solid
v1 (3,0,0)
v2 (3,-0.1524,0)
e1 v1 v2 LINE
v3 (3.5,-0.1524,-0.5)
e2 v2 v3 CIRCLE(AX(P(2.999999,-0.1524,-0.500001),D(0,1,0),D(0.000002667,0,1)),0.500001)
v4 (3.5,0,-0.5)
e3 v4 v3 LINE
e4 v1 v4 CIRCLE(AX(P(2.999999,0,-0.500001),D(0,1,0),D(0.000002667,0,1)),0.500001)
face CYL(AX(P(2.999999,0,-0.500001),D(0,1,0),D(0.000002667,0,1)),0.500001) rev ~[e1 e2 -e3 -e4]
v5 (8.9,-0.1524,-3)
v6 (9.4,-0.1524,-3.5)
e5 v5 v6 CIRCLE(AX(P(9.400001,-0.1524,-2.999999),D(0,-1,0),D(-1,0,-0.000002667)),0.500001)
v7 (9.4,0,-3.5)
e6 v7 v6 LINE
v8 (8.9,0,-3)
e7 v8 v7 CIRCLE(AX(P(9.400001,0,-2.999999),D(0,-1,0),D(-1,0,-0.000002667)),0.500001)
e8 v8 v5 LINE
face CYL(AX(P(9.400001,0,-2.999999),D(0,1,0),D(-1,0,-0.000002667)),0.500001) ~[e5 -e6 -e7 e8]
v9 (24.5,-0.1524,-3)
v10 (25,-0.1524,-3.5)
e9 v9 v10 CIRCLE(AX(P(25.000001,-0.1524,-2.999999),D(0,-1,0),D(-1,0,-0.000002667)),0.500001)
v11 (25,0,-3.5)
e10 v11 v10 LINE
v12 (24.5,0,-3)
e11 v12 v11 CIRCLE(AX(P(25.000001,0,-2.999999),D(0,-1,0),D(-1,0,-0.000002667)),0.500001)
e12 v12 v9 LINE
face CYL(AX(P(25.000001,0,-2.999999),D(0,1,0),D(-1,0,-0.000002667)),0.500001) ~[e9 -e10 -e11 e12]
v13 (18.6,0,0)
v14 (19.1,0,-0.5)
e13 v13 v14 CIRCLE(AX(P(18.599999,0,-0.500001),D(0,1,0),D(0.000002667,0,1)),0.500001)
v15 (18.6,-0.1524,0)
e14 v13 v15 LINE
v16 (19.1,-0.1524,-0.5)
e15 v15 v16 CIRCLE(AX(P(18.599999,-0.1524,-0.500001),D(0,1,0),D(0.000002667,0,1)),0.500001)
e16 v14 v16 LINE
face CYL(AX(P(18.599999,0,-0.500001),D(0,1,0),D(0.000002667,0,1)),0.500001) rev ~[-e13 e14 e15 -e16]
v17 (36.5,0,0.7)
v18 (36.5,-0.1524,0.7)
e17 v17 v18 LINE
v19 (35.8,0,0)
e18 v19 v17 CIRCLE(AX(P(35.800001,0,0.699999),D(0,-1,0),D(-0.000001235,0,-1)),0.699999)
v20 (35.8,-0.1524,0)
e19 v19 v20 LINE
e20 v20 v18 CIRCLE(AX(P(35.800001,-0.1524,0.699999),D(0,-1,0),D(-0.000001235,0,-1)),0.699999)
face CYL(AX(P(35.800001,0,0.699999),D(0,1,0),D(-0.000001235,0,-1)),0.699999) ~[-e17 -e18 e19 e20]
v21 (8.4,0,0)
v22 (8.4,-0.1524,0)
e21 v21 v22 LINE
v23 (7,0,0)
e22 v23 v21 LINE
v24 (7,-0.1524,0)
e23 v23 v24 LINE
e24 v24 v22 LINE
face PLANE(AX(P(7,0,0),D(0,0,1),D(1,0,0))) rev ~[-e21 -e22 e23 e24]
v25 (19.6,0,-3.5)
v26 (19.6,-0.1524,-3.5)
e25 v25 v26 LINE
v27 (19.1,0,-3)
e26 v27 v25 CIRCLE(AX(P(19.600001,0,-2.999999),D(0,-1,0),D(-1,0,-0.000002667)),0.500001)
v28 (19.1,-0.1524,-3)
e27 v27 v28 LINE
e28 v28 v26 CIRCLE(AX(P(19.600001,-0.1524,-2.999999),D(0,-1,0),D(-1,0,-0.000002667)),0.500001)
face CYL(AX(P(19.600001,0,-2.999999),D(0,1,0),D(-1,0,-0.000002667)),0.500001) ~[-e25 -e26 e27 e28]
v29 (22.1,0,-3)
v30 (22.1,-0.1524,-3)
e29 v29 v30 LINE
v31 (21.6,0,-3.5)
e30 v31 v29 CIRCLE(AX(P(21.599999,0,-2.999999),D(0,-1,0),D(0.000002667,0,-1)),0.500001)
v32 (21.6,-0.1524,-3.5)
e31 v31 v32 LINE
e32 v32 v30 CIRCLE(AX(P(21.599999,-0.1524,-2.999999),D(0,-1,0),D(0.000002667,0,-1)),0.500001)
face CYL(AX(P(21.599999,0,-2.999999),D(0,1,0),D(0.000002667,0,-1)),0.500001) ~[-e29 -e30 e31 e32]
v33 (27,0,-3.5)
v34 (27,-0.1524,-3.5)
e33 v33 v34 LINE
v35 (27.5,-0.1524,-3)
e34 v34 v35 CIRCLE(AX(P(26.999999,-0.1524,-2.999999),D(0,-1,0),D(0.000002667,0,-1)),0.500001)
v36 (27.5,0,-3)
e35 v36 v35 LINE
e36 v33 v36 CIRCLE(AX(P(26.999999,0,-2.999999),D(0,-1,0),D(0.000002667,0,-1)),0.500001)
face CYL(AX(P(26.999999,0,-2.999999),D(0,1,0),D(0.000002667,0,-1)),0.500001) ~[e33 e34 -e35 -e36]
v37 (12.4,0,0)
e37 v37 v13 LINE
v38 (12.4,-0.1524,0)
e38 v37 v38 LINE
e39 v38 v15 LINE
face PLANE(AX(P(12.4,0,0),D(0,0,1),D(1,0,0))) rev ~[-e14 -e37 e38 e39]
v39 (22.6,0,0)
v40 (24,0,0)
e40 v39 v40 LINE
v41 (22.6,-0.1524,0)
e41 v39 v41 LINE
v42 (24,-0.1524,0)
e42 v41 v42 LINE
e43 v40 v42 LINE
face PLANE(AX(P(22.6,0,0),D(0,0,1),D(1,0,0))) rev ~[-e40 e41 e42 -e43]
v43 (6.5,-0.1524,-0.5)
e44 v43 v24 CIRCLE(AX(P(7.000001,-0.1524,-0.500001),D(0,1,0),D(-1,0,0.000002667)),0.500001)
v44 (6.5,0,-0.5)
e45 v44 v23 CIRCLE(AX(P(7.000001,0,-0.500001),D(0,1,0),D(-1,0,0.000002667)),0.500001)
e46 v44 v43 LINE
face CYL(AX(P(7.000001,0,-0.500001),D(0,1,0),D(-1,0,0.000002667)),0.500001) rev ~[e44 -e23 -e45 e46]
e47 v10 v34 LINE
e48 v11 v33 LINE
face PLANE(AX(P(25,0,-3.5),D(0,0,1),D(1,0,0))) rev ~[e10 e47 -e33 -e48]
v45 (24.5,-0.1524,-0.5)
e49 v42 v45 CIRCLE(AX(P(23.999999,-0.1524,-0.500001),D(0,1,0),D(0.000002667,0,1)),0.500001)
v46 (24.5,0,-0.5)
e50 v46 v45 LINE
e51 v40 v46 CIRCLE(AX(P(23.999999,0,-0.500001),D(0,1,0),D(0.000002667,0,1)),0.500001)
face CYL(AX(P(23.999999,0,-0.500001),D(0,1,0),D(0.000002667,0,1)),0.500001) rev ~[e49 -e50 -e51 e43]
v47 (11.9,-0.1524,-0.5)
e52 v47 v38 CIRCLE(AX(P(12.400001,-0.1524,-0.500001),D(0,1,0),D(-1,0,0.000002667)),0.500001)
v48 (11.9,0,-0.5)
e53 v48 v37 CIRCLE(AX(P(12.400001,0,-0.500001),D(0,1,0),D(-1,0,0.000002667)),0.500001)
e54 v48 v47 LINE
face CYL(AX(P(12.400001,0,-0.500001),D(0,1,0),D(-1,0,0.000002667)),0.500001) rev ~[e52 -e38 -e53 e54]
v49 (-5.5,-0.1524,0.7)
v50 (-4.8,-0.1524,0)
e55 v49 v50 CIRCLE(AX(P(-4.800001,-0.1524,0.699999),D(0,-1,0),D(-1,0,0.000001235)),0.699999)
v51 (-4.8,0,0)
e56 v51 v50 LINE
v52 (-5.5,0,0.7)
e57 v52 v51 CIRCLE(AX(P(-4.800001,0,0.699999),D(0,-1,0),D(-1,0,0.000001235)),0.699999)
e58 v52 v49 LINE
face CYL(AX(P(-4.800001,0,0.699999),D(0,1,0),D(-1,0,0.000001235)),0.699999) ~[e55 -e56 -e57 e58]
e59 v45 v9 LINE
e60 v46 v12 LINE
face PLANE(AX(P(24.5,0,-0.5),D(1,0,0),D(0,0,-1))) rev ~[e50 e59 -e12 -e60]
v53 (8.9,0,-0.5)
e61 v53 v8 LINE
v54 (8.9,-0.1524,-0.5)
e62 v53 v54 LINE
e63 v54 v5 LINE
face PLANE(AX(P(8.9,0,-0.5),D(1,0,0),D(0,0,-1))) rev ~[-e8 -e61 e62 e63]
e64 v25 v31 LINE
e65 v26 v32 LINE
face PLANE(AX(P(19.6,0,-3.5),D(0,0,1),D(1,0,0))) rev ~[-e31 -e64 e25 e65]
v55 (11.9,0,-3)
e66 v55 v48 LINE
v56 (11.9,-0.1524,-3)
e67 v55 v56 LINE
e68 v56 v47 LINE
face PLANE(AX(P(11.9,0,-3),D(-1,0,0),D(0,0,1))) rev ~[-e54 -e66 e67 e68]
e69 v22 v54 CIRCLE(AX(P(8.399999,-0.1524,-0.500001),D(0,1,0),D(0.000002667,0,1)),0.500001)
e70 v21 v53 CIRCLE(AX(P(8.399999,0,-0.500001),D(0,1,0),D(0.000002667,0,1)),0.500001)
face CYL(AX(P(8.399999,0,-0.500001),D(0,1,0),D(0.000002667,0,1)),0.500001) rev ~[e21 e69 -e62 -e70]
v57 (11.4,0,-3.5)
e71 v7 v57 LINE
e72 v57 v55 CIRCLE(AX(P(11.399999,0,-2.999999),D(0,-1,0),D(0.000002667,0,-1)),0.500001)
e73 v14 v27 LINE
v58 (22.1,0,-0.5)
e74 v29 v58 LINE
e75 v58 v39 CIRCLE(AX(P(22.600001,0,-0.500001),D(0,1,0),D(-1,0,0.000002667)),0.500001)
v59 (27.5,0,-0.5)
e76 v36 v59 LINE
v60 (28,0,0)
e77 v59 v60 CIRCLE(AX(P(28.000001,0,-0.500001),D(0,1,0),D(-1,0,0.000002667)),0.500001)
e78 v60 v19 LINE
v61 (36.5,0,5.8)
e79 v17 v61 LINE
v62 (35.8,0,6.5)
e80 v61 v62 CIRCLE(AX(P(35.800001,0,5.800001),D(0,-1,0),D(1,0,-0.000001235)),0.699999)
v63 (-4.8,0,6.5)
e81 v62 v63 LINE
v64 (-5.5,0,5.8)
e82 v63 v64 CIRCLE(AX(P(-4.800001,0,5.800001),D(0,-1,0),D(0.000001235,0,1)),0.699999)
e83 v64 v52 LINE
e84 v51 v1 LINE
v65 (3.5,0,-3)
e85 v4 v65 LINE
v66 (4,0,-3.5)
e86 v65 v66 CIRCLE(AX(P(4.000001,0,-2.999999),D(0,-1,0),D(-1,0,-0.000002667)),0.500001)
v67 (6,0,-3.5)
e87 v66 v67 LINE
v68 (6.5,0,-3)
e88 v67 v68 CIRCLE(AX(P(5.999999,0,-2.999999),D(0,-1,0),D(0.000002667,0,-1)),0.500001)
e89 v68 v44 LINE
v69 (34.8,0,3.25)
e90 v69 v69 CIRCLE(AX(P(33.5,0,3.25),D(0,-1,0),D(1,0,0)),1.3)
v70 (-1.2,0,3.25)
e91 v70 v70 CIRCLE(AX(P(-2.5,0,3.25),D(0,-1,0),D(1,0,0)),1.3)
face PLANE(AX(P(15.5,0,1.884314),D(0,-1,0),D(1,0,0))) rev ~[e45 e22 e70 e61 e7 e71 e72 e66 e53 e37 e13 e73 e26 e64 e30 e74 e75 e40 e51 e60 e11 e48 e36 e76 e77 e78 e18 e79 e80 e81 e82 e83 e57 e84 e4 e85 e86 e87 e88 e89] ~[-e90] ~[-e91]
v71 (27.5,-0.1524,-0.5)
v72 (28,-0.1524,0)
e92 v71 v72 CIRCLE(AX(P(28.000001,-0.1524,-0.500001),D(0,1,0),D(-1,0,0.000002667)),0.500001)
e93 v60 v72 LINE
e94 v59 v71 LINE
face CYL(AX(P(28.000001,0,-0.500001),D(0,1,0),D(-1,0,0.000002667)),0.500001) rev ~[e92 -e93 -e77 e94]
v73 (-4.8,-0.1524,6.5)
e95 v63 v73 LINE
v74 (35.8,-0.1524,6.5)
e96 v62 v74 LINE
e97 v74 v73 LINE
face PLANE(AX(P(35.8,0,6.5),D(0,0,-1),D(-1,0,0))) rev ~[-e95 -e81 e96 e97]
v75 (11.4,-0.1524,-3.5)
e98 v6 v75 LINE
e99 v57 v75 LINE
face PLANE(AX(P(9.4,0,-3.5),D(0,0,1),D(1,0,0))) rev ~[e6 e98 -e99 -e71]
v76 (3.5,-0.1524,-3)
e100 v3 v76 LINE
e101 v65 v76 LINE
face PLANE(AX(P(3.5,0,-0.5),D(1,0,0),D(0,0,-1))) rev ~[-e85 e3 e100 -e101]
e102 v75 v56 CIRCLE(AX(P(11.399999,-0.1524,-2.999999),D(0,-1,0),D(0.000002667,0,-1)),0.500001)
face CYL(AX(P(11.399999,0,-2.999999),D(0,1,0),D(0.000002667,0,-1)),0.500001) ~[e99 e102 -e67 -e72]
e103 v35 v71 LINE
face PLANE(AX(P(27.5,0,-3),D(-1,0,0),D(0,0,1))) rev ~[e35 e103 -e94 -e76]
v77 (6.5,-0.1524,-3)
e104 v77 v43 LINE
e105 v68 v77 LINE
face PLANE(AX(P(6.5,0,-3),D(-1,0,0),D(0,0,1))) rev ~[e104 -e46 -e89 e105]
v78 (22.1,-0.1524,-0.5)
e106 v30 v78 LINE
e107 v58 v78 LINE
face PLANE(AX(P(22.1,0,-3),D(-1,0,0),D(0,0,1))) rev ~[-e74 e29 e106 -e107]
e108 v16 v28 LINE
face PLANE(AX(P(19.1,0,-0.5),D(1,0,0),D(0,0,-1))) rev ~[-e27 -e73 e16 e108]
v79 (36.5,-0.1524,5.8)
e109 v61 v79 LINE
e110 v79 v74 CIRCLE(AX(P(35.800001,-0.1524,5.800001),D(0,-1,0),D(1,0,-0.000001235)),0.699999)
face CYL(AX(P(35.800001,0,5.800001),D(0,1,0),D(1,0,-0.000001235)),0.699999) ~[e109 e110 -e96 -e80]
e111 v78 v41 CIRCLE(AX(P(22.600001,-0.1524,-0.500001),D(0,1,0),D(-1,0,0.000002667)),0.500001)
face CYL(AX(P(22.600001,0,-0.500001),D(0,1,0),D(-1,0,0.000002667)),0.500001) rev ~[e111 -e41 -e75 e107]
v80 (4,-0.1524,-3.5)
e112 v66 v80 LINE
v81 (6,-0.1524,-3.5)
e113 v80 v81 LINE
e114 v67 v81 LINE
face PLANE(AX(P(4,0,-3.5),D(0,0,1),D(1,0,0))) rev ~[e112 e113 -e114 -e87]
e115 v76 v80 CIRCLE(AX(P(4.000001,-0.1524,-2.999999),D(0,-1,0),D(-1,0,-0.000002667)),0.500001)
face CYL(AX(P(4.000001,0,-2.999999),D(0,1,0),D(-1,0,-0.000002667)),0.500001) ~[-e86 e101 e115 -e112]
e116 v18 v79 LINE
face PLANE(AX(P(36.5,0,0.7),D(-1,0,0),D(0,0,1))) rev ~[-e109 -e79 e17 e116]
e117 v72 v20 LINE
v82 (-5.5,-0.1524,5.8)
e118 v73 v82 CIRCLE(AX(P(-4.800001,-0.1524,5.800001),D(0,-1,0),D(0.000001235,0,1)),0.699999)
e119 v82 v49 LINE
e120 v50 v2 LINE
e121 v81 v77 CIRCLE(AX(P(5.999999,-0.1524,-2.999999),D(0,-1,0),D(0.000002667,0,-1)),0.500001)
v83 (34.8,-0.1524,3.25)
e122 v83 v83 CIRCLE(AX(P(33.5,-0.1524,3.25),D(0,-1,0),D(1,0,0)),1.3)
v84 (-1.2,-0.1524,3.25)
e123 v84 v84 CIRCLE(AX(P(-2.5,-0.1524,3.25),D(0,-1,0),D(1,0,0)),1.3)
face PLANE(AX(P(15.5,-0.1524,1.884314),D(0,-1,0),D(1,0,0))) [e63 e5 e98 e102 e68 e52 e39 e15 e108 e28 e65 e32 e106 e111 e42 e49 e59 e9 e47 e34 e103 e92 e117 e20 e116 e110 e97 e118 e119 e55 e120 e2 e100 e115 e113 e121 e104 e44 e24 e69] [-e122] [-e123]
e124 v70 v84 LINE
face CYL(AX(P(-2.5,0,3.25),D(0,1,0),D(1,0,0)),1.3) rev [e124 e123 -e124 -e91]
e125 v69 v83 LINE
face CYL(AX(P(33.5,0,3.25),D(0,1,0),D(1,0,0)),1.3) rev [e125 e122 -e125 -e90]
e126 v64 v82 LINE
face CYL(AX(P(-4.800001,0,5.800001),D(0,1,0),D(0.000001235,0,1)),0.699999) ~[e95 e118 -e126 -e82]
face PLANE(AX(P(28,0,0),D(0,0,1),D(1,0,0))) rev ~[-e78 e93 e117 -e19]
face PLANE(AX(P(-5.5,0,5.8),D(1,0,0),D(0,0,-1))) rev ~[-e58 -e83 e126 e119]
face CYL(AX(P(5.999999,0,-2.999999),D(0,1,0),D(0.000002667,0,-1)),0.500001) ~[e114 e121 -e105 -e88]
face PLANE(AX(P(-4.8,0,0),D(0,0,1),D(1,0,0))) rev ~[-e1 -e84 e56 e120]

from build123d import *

# Parameters (mm, degrees)
F0_R     = 1.3
F1_DEPTH = 0.1524


with BuildPart() as f1:
    # F0 (on Front) → F1 (new body)
    with BuildSketch(Plane.XZ):
        with BuildLine():
            Line((-4.8, 0), (0, 0))
            Line((0, 0), (3, 0))
            ThreePointArc((3, 0), (3.353553, -0.146447), (3.5, -0.5))
            Line((3.5, -0.5), (3.5, -3))
            ThreePointArc((3.5, -3), (3.646447, -3.353553), (4, -3.5))
            Line((4, -3.5), (6, -3.5))
            ThreePointArc((6, -3.5), (6.353553, -3.353553), (6.5, -3))
            Line((6.5, -3), (6.5, -0.5))
            ThreePointArc((6.5, -0.5), (6.646447, -0.146447), (7, 0))
            Line((7, 0), (8.4, 0))
            ThreePointArc((8.4, 0), (8.753553, -0.146447), (8.9, -0.5))
            Line((8.9, -0.5), (8.9, -3))
            ThreePointArc((8.9, -3), (9.046447, -3.353553), (9.4, -3.5))
            Line((9.4, -3.5), (11.4, -3.5))
            ThreePointArc((11.4, -3.5), (11.753553, -3.353553), (11.9, -3))
            Line((11.9, -3), (11.9, -0.5))
            ThreePointArc((11.9, -0.5), (12.046447, -0.146447), (12.4, 0))
            Line((12.4, 0), (18.6, 0))
            ThreePointArc((18.6, 0), (18.953553, -0.146447), (19.1, -0.5))
            Line((19.1, -0.5), (19.1, -3))
            ThreePointArc((19.1, -3), (19.246447, -3.353553), (19.6, -3.5))
            Line((19.6, -3.5), (21.6, -3.5))
            ThreePointArc((21.6, -3.5), (21.953553, -3.353553), (22.1, -3))
            Line((22.1, -3), (22.1, -0.5))
            ThreePointArc((22.1, -0.5), (22.246447, -0.146447), (22.6, 0))
            Line((22.6, 0), (24, 0))
            ThreePointArc((24, 0), (24.353553, -0.146447), (24.5, -0.5))
            Line((24.5, -0.5), (24.5, -3))
            ThreePointArc((24.5, -3), (24.646447, -3.353553), (25, -3.5))
            Line((25, -3.5), (27, -3.5))
            ThreePointArc((27, -3.5), (27.353553, -3.353553), (27.5, -3))
            Line((27.5, -3), (27.5, -0.5))
            ThreePointArc((27.5, -0.5), (27.646447, -0.146447), (28, 0))
            Line((28, 0), (31, 0))
            Line((31, 0), (35.8, 0))
            ThreePointArc((35.8, 0), (36.294975, 0.205025), (36.5, 0.7))
            Line((36.5, 0.7), (36.5, 5.8))
            ThreePointArc((36.5, 5.8), (36.294975, 6.294975), (35.8, 6.5))
            Line((35.8, 6.5), (31, 6.5))
            Line((31, 6.5), (0, 6.5))
            Line((0, 6.5), (-4.8, 6.5))
            ThreePointArc((-4.8, 6.5), (-5.294975, 6.294975), (-5.5, 5.8))
            Line((-5.5, 5.8), (-5.5, 0.7))
            ThreePointArc((-5.5, 0.7), (-5.294975, 0.205025), (-4.8, 0))
        make_face()
        with Locations((-2.5, 3.25)):
            Circle(F0_R, mode=Mode.SUBTRACT)
        with Locations((33.5, 3.25)):
            Circle(F0_R, mode=Mode.SUBTRACT)
    extrude(amount=F1_DEPTH)


solid = f1.part
